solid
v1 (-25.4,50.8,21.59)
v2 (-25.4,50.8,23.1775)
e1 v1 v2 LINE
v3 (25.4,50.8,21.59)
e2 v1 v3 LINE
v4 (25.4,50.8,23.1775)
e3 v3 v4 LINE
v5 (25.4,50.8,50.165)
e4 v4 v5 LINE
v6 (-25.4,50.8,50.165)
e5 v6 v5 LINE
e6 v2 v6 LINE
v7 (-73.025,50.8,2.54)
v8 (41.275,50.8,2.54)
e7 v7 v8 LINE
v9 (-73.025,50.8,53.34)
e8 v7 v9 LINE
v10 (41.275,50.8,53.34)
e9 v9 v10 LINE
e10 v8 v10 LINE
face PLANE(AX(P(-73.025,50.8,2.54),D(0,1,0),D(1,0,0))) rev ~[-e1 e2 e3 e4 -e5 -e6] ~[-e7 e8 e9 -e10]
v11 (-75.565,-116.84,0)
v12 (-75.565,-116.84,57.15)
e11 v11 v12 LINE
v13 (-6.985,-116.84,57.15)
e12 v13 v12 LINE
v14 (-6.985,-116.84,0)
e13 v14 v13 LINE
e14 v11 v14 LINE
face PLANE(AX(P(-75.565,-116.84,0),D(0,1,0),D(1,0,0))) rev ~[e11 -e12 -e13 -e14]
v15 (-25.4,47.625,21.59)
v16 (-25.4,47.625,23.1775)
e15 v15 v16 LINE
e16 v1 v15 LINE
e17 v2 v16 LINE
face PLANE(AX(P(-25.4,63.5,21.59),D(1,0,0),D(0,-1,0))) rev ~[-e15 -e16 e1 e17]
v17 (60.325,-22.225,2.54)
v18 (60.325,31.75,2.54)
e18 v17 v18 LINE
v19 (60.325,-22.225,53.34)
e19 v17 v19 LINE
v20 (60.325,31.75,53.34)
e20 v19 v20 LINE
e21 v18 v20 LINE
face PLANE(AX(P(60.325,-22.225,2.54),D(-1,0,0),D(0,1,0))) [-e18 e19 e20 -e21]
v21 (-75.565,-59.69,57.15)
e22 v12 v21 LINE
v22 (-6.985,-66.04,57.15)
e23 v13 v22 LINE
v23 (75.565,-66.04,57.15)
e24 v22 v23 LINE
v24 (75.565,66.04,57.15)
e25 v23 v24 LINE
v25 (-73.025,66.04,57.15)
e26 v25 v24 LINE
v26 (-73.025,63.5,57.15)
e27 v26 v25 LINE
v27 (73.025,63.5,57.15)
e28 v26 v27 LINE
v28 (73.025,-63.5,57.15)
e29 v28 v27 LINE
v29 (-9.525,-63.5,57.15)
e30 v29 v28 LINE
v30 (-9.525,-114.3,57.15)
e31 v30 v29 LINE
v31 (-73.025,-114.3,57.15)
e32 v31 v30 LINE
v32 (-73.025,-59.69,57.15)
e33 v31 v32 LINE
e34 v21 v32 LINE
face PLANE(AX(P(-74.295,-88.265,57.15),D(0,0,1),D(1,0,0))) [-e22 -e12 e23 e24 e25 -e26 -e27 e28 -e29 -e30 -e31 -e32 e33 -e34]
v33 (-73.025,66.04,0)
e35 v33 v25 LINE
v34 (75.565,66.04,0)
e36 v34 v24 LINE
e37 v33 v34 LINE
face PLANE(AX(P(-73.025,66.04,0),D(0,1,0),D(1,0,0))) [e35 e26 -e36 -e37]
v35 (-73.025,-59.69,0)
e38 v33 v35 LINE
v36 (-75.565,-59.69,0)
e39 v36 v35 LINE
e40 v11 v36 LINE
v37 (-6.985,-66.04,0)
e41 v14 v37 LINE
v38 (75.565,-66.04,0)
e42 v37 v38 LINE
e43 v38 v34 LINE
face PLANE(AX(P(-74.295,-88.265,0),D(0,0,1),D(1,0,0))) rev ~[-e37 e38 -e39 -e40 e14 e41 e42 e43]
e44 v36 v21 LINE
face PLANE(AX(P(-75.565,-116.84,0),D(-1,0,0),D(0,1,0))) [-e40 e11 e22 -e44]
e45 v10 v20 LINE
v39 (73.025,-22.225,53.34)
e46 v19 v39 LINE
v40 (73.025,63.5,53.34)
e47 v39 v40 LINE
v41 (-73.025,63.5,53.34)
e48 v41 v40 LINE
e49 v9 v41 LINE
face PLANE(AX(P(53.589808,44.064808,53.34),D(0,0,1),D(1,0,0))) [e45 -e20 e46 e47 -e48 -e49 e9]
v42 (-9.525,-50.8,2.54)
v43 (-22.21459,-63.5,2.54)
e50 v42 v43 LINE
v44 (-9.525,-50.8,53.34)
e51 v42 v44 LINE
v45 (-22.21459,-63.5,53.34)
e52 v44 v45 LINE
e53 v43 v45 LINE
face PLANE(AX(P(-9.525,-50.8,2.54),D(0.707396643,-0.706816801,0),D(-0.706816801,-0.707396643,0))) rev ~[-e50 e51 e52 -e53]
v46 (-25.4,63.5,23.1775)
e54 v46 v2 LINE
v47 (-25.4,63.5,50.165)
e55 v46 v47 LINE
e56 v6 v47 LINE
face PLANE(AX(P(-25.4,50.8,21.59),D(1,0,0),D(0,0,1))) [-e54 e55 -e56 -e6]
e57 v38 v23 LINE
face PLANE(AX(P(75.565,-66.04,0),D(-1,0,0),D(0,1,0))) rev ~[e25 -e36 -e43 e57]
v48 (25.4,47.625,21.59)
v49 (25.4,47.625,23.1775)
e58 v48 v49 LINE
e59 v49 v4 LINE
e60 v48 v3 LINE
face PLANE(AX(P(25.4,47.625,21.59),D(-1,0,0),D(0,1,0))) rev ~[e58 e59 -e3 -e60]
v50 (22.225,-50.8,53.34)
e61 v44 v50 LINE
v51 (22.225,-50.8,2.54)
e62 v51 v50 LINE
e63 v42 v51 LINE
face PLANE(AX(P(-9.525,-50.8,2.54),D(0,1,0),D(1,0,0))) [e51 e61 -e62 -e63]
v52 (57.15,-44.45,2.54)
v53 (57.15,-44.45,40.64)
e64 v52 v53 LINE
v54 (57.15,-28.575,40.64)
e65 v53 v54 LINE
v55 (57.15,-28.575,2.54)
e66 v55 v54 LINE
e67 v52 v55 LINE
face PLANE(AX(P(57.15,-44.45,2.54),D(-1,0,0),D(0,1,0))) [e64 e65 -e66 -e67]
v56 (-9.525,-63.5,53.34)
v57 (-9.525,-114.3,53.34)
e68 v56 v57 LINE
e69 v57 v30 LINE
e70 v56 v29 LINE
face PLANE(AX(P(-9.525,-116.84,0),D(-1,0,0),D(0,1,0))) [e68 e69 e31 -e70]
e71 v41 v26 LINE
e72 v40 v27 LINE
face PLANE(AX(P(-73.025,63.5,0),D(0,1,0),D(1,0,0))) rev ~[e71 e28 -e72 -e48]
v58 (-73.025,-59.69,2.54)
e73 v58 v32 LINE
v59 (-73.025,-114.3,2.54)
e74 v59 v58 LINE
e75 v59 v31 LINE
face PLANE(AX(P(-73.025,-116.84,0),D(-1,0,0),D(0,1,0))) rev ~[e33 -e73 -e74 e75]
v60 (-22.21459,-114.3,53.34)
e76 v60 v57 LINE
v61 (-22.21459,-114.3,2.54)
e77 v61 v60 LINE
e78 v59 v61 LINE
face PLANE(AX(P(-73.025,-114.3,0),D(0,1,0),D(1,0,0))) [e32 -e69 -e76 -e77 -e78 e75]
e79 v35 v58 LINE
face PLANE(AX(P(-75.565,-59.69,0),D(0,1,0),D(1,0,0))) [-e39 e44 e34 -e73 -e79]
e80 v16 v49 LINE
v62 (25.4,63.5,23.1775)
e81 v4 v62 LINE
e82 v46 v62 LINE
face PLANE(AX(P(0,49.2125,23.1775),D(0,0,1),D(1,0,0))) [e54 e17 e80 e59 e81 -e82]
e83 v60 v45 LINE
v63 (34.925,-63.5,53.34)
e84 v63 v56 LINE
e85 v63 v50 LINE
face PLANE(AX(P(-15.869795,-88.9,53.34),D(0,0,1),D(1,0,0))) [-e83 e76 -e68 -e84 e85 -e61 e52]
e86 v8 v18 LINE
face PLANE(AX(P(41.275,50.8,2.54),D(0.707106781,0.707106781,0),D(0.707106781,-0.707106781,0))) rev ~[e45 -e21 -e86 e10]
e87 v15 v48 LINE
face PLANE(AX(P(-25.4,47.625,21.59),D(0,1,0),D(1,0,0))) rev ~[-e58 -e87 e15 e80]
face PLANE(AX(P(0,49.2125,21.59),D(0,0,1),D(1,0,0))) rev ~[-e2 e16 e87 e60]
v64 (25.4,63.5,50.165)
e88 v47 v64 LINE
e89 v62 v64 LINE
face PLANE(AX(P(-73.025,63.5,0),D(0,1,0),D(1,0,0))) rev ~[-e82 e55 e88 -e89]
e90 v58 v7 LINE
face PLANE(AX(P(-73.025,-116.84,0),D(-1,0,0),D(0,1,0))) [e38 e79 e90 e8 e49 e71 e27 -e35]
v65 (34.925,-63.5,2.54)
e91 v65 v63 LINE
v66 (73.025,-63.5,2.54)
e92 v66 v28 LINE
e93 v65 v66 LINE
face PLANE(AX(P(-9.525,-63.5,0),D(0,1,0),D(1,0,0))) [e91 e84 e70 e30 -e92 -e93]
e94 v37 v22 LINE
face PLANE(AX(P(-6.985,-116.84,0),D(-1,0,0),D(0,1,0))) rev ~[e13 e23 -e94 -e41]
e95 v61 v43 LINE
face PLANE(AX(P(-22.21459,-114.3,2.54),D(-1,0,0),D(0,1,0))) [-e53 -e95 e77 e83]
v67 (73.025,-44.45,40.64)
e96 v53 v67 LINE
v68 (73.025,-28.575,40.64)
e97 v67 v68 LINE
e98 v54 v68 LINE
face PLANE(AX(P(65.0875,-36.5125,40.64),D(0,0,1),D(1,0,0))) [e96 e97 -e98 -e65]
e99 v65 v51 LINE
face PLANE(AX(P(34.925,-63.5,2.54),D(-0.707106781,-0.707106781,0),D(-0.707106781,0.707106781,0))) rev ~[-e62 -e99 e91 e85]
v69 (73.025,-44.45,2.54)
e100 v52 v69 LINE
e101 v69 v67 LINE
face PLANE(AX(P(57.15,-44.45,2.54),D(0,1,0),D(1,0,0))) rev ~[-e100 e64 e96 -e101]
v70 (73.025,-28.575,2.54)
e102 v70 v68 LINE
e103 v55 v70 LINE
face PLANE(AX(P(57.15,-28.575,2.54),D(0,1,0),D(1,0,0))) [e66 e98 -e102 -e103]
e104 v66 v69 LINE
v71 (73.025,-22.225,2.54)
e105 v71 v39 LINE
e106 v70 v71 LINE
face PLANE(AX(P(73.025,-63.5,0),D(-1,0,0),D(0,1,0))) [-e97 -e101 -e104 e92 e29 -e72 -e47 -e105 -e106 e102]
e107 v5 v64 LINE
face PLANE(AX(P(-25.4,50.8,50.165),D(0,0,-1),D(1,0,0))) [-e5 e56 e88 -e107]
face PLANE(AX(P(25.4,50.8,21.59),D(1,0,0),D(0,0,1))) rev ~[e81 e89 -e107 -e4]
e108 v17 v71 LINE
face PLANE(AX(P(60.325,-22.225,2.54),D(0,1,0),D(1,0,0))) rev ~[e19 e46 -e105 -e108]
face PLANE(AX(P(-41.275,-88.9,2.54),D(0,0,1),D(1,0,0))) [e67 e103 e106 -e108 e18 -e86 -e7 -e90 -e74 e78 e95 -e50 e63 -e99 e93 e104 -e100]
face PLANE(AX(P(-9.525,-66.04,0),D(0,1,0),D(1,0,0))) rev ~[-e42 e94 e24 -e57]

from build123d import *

# Parameters (mm, degrees)
F0_W      = 146.05
F0_H      = 127
F1_DEPTH  = 2.54
F2_W      = 146.05
F2_H      = 12.7
F3_DEPTH  = 50.8
F5_W      = 50.8
F5_H      = 28.575
F6_DEPTH  = 12.7
F7_W      = 50.8
F7_H      = 3.175
F7_H_2    = 12.7
F8_DEPTH  = 1.5875
F9_W      = 63.5
F9_H      = 50.8
F10_DEPTH = 2.54
F11_W     = 12.7
F11_H     = 73.025
F12_DEPTH = 50.8
F13_W     = 148.59
F13_H     = 2.54
F15_DEPTH = 57.15
F14_W     = 2.54
F14_H     = 127
F16_DEPTH = 57.15
F18_DEPTH = 50.8
F19_W     = 31.75
F19_H     = 12.7
F20_DEPTH = 50.8
F22_DEPTH = 50.8
F24_DEPTH = 50.8
F25_W     = 12.68959
F25_H     = 50.8
F26_DEPTH = 50.8
F4_W      = 15.875
F4_H      = 15.875
F27_DEPTH = 38.1
F28_W     = 85.09
F28_H     = 2.54
F29_DEPTH = 57.15
F30_W     = 2.54
F30_H     = 50.8
F32_DEPTH = 57.15
F31_W     = 63.5
F31_H     = 2.54
F33_DEPTH = 57.15
F34_W     = 2.54
F34_H     = 57.15
F35_DEPTH = 57.15


with BuildPart() as f1:
    # F0 (on Top) → F1 (new body)
    with BuildSketch(Plane.XY):
        Rectangle(F0_W, F0_H)
    extrude(amount=F1_DEPTH)

    # F2 (on face) → F3 (join)
    with BuildSketch(Plane.XY.offset(2.54)):
        with Locations((0, 57.15)):
            Rectangle(F2_W, F2_H)
    extrude(amount=F3_DEPTH)

    # F5 (on face) → F6 (cut)
    with BuildSketch(Plane.XZ.offset(-50.8)):
        with Locations((0, 35.8775)):
            Rectangle(F5_W, F5_H)
    extrude(amount=-F6_DEPTH, mode=Mode.SUBTRACT)

    # F7 (on face) → F8 (join)
    with BuildSketch(Plane.XY.offset(21.59)):
        with Locations((0, 49.2125)):
            Rectangle(F7_W, F7_H)
        with Locations((0, 57.15)):
            Rectangle(F7_W, F7_H_2)
    extrude(amount=F8_DEPTH)

    # F9 (on Top) → F10 (join)
    with BuildSketch(Plane.XY):
        with Locations((-41.275, -88.9)):
            Rectangle(F9_W, F9_H)
    extrude(amount=F10_DEPTH)

    # F11 (on face) → F12 (join)
    with BuildSketch(Plane.XY.offset(2.54)):
        with Locations((66.675, 14.2875)):
            Rectangle(F11_W, F11_H)
    extrude(amount=F12_DEPTH)

    # F13 (on Top) → F15 (join)
    with BuildSketch(Plane.XY):
        with Locations((1.27, 64.77)):
            Rectangle(F13_W, F13_H)
    extrude(amount=F15_DEPTH)

    # F14 (on Top) → F16 (join)
    with BuildSketch(Plane.XY):
        with Locations((74.295, 0)):
            Rectangle(F14_W, F14_H)
    extrude(amount=F16_DEPTH)

    # F17 (on face) → F18 (join)
    with BuildSketch(Plane.XY.offset(2.54)):
        Polygon((60.325, 31.75), (60.325, 50.8), (41.275, 50.8), align=None)
    extrude(amount=F18_DEPTH)

    # F19 (on face) → F20 (join)
    with BuildSketch(Plane.XY.offset(2.54)):
        with Locations((6.35, -57.15)):
            Rectangle(F19_W, F19_H)
    extrude(amount=F20_DEPTH)

    # F21 (on face) → F22 (join)
    with BuildSketch(Plane.XY.offset(2.54)):
        Polygon((34.925, -63.5), (22.225, -50.8), (22.225, -63.5), align=None)
    extrude(amount=F22_DEPTH)

    # F23 (on face) → F24 (join)
    with BuildSketch(Plane.XY.offset(2.54)):
        Polygon((-9.525, -63.5), (-9.525, -50.8), (-22.21459, -63.5), align=None)
    extrude(amount=F24_DEPTH)

    # F25 (on face) → F26 (join)
    with BuildSketch(Plane.XY.offset(2.54)):
        with Locations((-15.869795, -88.9)):
            Rectangle(F25_W, F25_H)
    extrude(amount=F26_DEPTH)

    # F4 (on face) → F27 (join)
    with BuildSketch(Plane.XY.offset(2.54)):
        with Locations((65.0875, -36.5125)):
            Rectangle(F4_W, F4_H)
    extrude(amount=F27_DEPTH)

    # F28 (on Top) → F29 (join)
    with BuildSketch(Plane.XY):
        with Locations((33.02, -64.77)):
            Rectangle(F28_W, F28_H)
    extrude(amount=F29_DEPTH)

    # F30 (on Top) → F32 (join)
    with BuildSketch(Plane.XY):
        with Locations((-8.255, -91.44)):
            Rectangle(F30_W, F30_H)
    extrude(amount=F32_DEPTH)

    # F31 (on Top) → F33 (join)
    with BuildSketch(Plane.XY):
        with Locations((-41.275, -115.57)):
            Rectangle(F31_W, F31_H)
    extrude(amount=F33_DEPTH)

    # F34 (on Top) → F35 (join)
    with BuildSketch(Plane.XY):
        with Locations((-74.295, -88.265)):
            Rectangle(F34_W, F34_H)
    extrude(amount=F35_DEPTH)


solid = f1.part
